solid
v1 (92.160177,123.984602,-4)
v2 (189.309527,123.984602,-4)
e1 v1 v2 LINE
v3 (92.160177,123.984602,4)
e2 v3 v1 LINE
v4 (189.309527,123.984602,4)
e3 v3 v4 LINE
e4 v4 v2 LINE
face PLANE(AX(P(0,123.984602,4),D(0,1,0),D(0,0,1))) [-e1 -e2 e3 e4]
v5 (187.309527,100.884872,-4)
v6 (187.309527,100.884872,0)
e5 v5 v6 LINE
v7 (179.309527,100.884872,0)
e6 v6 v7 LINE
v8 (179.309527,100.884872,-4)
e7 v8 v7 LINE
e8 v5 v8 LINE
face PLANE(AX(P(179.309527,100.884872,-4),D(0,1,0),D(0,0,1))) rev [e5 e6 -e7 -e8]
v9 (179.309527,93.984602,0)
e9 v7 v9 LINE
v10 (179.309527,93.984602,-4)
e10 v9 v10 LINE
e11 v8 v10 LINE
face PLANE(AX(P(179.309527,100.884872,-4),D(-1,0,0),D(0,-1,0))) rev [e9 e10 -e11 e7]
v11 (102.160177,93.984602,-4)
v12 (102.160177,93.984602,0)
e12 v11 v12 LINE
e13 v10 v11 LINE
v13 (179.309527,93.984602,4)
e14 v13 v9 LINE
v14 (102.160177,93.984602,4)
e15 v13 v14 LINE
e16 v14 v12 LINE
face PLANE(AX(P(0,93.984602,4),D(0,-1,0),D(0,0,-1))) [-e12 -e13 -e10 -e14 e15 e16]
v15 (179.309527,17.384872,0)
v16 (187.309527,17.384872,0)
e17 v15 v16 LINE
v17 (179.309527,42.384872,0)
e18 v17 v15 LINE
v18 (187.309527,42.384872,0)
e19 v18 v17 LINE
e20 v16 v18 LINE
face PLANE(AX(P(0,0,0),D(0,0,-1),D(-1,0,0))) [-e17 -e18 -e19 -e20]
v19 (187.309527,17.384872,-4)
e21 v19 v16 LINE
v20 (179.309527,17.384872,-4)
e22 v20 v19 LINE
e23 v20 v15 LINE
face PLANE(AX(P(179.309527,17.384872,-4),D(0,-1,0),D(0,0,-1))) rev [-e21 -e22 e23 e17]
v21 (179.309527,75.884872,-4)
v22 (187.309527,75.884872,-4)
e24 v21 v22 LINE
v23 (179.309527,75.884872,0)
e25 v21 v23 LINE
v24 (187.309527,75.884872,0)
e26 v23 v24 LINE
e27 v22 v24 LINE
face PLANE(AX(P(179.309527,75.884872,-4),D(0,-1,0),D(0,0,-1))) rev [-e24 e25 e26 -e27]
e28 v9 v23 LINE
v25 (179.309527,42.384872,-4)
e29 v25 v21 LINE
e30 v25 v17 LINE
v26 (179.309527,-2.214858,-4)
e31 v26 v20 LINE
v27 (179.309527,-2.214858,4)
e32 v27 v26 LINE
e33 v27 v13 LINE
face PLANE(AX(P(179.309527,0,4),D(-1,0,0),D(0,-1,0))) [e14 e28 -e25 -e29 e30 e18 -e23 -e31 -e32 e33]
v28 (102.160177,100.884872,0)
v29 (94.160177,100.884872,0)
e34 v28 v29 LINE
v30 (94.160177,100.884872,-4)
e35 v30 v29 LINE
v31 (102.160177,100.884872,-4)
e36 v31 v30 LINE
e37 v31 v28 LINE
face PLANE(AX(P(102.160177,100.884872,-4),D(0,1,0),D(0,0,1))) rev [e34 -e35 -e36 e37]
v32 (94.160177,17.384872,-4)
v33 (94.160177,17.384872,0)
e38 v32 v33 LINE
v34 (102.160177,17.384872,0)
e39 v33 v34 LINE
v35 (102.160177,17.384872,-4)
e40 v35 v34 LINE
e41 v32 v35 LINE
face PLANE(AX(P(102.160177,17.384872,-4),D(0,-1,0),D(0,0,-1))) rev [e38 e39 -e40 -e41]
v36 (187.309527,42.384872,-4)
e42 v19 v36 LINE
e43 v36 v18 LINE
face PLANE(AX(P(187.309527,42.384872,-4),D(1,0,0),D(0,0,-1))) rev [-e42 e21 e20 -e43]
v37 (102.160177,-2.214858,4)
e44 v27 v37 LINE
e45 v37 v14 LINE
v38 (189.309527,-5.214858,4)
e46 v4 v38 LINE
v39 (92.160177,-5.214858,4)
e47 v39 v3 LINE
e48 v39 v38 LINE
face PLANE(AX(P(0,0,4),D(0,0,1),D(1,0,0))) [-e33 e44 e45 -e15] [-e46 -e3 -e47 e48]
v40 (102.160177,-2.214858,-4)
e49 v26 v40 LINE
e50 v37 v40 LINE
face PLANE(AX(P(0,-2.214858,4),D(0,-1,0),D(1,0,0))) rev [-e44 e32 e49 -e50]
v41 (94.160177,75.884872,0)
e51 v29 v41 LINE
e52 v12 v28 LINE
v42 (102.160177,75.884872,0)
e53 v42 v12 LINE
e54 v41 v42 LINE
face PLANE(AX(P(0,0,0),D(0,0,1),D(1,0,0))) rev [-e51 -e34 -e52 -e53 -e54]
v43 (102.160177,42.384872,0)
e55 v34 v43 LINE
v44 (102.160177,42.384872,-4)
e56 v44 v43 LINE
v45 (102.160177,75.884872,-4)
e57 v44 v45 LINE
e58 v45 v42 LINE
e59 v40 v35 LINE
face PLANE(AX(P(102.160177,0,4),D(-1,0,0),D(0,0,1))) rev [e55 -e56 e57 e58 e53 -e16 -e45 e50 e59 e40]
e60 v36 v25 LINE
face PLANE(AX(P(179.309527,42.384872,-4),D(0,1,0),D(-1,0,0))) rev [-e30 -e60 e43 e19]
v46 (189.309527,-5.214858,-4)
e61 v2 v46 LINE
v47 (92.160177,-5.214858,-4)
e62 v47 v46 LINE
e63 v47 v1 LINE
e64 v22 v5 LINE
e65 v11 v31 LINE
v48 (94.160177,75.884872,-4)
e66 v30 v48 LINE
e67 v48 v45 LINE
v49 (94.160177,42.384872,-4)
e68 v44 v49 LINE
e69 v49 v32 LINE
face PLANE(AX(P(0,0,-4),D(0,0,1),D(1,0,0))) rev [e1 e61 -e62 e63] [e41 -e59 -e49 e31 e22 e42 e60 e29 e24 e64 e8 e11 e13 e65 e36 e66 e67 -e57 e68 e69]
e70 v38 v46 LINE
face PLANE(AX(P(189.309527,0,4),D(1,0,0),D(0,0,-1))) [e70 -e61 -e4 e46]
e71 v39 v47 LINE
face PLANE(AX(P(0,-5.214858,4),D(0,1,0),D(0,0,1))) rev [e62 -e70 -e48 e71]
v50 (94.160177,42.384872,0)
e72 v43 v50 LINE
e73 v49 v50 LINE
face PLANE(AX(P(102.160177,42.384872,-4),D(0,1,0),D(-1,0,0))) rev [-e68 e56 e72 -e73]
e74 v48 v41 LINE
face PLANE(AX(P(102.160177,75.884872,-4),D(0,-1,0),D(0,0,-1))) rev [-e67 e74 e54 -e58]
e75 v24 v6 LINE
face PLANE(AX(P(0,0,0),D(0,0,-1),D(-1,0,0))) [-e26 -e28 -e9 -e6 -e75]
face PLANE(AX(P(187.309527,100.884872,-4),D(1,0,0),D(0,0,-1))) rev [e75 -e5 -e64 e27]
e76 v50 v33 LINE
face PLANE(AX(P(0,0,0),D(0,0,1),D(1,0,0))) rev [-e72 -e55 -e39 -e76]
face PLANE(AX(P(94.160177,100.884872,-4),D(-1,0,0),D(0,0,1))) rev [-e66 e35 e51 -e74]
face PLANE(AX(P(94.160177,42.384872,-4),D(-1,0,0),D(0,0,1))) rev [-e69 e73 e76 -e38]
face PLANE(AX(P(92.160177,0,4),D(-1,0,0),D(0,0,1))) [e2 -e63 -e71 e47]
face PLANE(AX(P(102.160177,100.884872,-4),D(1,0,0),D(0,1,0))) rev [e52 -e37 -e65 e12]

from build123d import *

# Parameters (mm, degrees)
MODEL_W             = 77.14935
MODEL_H             = 96.19946
EXTRUDE_1_DEPTH     = 4
SKETCH_4_W          = 8
SKETCH_4_H          = 25
CUT_EXTRUDE_1_DEPTH = 227.33223095


with BuildPart() as part:
    # Model → 凸台-拉伸1 (new, symmetric)
    with BuildSketch(Plane.XY):
        Polygon((189.309527429, 123.984602236), (92.160177429, 123.984602236), (92.160177429, -5.214857764), (102.160177429, -5.214857764), (189.309527429, -5.214857764), align=None)
        with Locations((140.734852429, 45.884872236)):
            Rectangle(MODEL_W, MODEL_H, mode=Mode.SUBTRACT)
    extrude(amount=EXTRUDE_1_DEPTH, both=True)

    # 草图4 → 切除-拉伸1 (cut, through all)
    with BuildSketch(Plane.XY):
        with Locations((98.160177429, 29.884872236)):
            Rectangle(SKETCH_4_W, SKETCH_4_H)
        with Locations((183.309527429, 88.384872236)):
            Rectangle(SKETCH_4_W, SKETCH_4_H)
        with Locations((98.160177429, 88.384872236)):
            Rectangle(SKETCH_4_W, SKETCH_4_H)
        with Locations((183.309527429, 29.884872236)):
            Rectangle(SKETCH_4_W, SKETCH_4_H)
    extrude(amount=-CUT_EXTRUDE_1_DEPTH, mode=Mode.SUBTRACT)


solid = part.part
